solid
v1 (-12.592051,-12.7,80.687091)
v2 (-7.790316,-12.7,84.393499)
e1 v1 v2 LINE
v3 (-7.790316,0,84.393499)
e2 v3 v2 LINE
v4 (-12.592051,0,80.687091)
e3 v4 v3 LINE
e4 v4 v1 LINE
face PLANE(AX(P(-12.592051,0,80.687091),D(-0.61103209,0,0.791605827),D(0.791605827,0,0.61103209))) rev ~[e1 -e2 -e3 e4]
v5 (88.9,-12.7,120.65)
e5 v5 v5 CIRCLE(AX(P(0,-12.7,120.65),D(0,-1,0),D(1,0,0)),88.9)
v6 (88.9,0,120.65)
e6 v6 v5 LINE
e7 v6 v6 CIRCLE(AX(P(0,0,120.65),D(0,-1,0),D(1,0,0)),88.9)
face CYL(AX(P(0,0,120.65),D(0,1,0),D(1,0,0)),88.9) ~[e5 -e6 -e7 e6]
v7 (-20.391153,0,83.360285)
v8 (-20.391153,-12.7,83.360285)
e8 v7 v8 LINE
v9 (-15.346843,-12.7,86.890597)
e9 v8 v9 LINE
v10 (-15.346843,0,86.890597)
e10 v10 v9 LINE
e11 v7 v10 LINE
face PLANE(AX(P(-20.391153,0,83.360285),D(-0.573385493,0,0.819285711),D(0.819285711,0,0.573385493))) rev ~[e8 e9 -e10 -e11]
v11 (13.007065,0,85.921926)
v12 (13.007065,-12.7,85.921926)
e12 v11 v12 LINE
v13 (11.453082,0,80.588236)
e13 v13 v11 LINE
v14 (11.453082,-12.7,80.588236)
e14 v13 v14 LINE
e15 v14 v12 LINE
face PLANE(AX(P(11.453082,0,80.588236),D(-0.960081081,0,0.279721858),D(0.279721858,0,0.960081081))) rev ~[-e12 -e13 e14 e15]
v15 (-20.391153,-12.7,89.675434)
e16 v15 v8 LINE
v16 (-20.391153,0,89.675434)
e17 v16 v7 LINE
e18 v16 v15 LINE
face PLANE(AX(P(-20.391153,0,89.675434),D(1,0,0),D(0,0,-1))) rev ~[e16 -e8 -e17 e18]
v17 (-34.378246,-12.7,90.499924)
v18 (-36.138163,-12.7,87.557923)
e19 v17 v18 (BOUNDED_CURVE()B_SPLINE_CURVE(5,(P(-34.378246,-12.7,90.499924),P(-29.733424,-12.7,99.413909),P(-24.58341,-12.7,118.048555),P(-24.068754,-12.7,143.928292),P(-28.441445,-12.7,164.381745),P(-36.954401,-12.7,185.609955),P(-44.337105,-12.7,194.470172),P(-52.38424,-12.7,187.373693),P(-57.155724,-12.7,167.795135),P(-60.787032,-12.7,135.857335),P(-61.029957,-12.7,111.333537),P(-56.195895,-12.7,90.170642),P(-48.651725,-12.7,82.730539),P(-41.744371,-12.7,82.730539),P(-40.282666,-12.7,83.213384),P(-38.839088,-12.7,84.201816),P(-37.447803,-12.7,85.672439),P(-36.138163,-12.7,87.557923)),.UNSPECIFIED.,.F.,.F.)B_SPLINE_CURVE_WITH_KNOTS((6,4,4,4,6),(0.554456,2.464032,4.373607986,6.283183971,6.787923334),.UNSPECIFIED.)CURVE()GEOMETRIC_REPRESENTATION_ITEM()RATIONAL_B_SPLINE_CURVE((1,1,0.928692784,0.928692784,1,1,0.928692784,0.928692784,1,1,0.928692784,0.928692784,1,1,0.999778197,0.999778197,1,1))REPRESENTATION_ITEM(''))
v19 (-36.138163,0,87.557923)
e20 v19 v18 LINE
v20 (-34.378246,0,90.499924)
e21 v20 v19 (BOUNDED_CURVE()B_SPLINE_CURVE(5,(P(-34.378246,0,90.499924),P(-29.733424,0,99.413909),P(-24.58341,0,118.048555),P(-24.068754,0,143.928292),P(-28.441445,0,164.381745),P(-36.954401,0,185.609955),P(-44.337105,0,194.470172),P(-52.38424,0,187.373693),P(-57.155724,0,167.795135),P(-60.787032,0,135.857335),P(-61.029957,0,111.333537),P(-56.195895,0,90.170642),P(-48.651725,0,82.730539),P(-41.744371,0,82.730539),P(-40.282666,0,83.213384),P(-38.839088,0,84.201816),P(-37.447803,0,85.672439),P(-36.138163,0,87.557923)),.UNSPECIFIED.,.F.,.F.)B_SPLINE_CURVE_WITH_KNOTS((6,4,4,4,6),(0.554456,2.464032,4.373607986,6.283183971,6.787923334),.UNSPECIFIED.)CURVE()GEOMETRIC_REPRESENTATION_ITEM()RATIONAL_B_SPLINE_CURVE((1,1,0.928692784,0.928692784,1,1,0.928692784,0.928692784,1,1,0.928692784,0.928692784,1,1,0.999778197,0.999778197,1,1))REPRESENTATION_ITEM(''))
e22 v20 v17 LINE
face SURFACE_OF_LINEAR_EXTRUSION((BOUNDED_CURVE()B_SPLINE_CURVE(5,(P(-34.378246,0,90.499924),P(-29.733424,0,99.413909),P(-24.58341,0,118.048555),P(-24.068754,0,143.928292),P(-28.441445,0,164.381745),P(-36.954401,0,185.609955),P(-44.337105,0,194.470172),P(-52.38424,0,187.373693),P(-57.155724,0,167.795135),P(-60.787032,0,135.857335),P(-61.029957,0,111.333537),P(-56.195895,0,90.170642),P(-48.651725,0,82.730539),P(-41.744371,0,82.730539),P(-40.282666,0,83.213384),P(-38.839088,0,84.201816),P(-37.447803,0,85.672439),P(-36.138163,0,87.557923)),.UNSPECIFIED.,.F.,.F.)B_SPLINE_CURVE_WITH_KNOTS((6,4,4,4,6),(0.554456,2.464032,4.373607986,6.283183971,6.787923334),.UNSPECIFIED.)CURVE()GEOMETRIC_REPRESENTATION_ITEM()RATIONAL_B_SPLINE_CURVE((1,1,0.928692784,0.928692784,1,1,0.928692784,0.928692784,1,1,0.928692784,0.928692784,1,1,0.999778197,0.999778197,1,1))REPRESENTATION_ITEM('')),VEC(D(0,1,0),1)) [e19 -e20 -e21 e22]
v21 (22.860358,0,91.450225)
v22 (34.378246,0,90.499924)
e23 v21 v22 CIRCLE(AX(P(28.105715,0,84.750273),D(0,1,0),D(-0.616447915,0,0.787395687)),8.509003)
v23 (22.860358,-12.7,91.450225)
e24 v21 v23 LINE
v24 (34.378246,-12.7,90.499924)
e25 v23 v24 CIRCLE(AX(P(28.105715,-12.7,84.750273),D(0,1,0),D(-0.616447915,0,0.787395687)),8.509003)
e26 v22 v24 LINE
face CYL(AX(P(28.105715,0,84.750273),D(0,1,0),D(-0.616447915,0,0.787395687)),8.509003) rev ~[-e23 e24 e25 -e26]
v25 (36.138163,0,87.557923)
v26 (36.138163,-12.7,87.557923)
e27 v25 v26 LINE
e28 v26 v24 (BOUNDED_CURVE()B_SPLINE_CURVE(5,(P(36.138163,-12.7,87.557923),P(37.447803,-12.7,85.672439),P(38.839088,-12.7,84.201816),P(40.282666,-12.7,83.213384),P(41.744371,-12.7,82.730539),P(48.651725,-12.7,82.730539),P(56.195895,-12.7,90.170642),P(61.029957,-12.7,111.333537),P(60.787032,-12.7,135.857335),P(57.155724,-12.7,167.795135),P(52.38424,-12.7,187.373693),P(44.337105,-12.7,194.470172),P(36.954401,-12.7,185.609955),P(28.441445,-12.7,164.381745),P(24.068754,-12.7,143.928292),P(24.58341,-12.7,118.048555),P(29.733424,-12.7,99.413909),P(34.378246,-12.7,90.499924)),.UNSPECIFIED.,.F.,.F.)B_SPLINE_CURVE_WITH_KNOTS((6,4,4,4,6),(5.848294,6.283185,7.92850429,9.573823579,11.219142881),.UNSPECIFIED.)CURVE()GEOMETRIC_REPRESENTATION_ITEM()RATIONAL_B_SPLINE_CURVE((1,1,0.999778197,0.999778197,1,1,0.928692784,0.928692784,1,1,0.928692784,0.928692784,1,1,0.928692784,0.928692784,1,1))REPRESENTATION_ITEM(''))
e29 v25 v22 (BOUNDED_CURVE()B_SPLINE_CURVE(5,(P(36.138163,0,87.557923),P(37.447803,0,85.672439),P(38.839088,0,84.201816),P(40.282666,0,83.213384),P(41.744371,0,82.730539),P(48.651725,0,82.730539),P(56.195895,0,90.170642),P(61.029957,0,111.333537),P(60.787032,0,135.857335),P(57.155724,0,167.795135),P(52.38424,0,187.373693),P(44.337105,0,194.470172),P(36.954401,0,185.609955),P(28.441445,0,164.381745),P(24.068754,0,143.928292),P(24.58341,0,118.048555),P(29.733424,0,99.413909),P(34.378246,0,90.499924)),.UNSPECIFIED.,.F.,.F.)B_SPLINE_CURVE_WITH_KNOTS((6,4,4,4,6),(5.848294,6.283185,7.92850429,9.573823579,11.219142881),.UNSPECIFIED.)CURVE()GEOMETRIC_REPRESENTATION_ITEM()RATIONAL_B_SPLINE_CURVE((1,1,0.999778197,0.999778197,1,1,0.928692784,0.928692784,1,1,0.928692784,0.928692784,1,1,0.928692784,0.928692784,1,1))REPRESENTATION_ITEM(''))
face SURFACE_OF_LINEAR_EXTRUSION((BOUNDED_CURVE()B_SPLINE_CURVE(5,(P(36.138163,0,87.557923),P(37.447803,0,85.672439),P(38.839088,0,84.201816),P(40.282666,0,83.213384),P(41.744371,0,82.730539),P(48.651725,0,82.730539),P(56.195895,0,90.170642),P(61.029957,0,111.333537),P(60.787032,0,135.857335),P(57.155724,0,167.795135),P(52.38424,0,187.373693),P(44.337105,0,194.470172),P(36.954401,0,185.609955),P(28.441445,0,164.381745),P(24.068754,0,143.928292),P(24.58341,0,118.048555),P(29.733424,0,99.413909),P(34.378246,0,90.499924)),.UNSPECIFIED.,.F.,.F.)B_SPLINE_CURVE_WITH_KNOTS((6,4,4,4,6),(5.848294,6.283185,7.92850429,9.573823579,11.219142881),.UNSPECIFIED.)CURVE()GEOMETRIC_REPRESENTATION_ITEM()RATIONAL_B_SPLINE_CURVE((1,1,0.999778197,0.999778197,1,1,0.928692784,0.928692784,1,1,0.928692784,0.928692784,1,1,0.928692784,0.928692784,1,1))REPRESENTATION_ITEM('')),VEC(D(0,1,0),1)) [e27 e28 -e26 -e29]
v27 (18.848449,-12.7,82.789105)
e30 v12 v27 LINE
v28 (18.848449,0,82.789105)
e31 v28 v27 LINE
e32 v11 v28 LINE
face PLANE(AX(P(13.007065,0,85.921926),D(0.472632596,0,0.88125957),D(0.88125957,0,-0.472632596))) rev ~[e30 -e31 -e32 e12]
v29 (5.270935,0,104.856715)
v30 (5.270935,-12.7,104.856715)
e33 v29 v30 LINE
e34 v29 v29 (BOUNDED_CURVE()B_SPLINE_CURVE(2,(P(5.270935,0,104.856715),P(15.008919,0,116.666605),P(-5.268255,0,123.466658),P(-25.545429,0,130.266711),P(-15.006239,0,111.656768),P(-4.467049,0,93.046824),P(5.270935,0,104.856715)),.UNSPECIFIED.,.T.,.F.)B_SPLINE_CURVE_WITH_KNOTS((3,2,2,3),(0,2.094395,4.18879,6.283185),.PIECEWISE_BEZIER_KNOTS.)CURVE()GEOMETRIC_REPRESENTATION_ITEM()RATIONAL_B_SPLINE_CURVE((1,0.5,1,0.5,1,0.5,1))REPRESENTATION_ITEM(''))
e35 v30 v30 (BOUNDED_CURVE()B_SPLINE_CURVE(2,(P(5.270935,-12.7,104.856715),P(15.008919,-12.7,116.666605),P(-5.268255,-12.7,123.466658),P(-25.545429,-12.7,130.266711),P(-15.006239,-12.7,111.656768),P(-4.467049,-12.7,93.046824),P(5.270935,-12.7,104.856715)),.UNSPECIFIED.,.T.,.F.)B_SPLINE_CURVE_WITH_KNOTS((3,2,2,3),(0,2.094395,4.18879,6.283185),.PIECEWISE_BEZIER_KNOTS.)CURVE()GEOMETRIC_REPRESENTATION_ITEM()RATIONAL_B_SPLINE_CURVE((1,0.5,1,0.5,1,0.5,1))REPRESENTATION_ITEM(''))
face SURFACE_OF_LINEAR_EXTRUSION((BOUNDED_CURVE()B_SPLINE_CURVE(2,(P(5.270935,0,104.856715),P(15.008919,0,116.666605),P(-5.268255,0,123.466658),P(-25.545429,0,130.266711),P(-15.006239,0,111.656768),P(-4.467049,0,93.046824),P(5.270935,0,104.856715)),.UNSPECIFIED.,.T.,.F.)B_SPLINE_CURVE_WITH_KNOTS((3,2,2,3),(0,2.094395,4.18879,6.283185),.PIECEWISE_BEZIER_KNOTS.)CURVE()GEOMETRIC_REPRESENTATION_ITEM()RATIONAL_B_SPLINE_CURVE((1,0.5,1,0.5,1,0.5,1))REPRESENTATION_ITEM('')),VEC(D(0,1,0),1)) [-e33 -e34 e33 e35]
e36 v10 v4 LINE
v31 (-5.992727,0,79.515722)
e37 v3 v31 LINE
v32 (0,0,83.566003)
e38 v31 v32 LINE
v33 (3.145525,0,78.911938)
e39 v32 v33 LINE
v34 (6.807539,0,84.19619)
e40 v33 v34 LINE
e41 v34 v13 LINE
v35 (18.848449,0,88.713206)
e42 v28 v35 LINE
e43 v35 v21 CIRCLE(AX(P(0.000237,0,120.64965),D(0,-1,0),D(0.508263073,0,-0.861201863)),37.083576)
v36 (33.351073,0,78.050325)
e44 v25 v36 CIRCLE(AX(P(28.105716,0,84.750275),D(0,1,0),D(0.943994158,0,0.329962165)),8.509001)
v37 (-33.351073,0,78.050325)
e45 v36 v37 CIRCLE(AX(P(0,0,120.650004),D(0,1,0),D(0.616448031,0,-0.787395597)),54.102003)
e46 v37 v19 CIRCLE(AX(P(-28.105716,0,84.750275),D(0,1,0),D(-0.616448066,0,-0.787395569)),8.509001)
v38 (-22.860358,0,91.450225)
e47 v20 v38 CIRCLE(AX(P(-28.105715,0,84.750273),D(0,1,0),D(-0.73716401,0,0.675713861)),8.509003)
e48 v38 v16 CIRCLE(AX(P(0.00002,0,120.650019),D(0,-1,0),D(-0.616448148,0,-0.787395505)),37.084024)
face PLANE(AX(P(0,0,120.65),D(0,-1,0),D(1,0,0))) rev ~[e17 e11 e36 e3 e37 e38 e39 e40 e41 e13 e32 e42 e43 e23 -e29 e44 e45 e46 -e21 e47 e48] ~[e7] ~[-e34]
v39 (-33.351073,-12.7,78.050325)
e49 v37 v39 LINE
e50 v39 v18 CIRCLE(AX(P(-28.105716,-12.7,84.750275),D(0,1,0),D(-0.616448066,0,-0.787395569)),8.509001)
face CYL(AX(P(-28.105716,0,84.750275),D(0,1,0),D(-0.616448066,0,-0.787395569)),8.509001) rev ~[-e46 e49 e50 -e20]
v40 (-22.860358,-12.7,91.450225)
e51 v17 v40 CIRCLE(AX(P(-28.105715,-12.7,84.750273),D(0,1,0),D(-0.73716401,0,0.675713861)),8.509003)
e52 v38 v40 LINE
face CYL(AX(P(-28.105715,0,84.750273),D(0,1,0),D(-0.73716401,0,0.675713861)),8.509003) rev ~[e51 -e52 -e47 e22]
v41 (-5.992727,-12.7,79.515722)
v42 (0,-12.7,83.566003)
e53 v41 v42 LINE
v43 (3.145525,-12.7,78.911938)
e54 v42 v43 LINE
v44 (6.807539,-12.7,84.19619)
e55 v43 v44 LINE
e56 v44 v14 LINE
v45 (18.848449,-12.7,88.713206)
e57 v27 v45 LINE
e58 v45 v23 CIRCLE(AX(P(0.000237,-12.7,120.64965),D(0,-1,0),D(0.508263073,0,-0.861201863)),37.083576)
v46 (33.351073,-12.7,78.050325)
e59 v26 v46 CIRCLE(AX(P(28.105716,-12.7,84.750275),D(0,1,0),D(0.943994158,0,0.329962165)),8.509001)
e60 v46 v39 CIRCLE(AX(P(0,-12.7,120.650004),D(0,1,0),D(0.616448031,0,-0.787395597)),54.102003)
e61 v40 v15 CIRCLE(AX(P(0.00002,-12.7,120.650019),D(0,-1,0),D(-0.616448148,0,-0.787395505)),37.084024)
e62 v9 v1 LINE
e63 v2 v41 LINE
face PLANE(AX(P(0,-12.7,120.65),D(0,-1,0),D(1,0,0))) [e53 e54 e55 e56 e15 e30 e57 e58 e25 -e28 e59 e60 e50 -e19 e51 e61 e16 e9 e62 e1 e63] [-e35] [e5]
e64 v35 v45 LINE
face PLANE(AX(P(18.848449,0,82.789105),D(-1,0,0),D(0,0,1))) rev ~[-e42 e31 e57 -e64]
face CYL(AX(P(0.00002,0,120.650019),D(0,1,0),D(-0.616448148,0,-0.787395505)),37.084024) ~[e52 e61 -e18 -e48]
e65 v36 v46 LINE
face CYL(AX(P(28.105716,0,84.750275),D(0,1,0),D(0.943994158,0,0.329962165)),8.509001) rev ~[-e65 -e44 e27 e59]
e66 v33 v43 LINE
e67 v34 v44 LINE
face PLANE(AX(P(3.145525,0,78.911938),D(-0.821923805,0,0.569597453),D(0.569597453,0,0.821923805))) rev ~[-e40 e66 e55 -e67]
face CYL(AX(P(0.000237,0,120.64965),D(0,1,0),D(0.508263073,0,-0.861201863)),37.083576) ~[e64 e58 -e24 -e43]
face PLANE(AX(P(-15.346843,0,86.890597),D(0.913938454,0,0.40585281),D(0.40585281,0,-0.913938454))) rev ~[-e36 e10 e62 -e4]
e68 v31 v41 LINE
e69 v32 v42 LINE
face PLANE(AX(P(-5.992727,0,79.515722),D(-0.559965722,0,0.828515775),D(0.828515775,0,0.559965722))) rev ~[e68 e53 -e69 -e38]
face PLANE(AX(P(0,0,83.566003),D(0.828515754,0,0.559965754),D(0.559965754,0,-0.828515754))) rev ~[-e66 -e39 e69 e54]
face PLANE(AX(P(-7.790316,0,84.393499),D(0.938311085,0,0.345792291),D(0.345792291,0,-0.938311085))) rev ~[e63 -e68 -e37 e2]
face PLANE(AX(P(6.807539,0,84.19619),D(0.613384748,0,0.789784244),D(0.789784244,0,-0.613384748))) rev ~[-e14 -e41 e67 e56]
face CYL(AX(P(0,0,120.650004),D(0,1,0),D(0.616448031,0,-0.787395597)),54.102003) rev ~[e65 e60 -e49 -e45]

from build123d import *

# Parameters (mm, degrees)
F0_R     = 88.9
F1_DEPTH = 12.7


with BuildPart() as f1:
    # F0 (on Front) → F1 (new body)
    with BuildSketch(Plane.XZ):
        with Locations((0, 120.65)):
            Circle(F0_R)
        with BuildLine():
            add(Edge.make_bspline(
                [(5.270935, 104.856715), (15.008919, 116.666605), (-5.268255, 123.466658), (-25.545429, 130.266711), (-15.006239, 111.656768), (-4.467049, 93.046824), (5.270935, 104.856715)],
                knots=[0, 0, 0, 2.094395, 2.094395, 4.18879, 4.18879, 6.283185, 6.283185, 6.283185], degree=2, weights=[1, 0.5, 1, 0.5, 1, 0.5, 1]))
        make_face(mode=Mode.SUBTRACT)
        with BuildLine():
            add(Edge.make_bspline(
                [(-43.18843, 82.730539), (-39.491221, 82.730539), (-36.138163, 87.557923)],
                knots=[0, 0, 0, 0.434891, 0.434891, 0.434891], degree=2, weights=[1, 0.976452, 1]))
            add(Edge.make_bspline(
                [(-34.378246, 90.499924), (-14.280604, 129.069769), (-32.697923, 174.99585), (-51.115241, 220.921931), (-58.971378, 151.826235), (-66.827515, 82.730539), (-43.18843, 82.730539)],
                knots=[0.554456, 0.554456, 0.554456, 2.464032, 2.464032, 4.373609, 4.373609, 6.283185, 6.283185, 6.283185], degree=2, weights=[1, 0.577782, 1, 0.577782, 1, 0.577782, 1]))
            ThreePointArc((-34.378246, 90.499924), (-28.805386, 93.230461), (-22.860358, 91.450225))
            ThreePointArc((-22.860358, 91.450225), (-21.643955, 90.53751), (-20.391153, 89.675434))
            Line((-20.391153, 89.675434), (-20.391153, 83.360285))
            Line((-20.391153, 83.360285), (-15.346843, 86.890597))
            Line((-15.346843, 86.890597), (-12.592051, 80.687091))
            Line((-12.592051, 80.687091), (-7.790316, 84.393499))
            Line((-7.790316, 84.393499), (-5.992727, 79.515722))
            Line((-5.992727, 79.515722), (0, 83.566003))
            Line((0, 83.566003), (3.145525, 78.911938))
            Line((3.145525, 78.911938), (6.807539, 84.19619))
            Line((6.807539, 84.19619), (11.453082, 80.588236))
            Line((11.453082, 80.588236), (13.007065, 85.921926))
            Line((13.007065, 85.921926), (18.848449, 82.789105))
            Line((18.848449, 82.789105), (18.848449, 88.713206))
            ThreePointArc((18.848449, 88.713206), (20.899258, 90.015968), (22.860358, 91.450225))
            ThreePointArc((22.860358, 91.450225), (28.805386, 93.230461), (34.378246, 90.499924))
            add(Edge.make_bspline(
                [(43.18843, 82.730539), (66.827515, 82.730539), (58.971378, 151.826235), (51.115241, 220.921931), (32.697923, 174.99585), (14.280604, 129.069769), (34.378246, 90.499924)],
                knots=[0, 0, 0, 1.909576, 1.909576, 3.819153, 3.819153, 5.728729, 5.728729, 5.728729], degree=2, weights=[1, 0.577782, 1, 0.577782, 1, 0.577782, 1]))
            add(Edge.make_bspline(
                [(36.138163, 87.557923), (39.491221, 82.730539), (43.18843, 82.730539)],
                knots=[5.848294, 5.848294, 5.848294, 6.283185, 6.283185, 6.283185], degree=2, weights=[1, 0.976452, 1]))
            ThreePointArc((36.138163, 87.557923), (36.271108, 82.356644), (33.351073, 78.050325))
            ThreePointArc((33.351073, 78.050325), (0, 66.548001), (-33.351073, 78.050325))
            ThreePointArc((-33.351073, 78.050325), (-36.271108, 82.356644), (-36.138163, 87.557923))
        make_face(mode=Mode.SUBTRACT)
    extrude(amount=F1_DEPTH)


solid = f1.part
